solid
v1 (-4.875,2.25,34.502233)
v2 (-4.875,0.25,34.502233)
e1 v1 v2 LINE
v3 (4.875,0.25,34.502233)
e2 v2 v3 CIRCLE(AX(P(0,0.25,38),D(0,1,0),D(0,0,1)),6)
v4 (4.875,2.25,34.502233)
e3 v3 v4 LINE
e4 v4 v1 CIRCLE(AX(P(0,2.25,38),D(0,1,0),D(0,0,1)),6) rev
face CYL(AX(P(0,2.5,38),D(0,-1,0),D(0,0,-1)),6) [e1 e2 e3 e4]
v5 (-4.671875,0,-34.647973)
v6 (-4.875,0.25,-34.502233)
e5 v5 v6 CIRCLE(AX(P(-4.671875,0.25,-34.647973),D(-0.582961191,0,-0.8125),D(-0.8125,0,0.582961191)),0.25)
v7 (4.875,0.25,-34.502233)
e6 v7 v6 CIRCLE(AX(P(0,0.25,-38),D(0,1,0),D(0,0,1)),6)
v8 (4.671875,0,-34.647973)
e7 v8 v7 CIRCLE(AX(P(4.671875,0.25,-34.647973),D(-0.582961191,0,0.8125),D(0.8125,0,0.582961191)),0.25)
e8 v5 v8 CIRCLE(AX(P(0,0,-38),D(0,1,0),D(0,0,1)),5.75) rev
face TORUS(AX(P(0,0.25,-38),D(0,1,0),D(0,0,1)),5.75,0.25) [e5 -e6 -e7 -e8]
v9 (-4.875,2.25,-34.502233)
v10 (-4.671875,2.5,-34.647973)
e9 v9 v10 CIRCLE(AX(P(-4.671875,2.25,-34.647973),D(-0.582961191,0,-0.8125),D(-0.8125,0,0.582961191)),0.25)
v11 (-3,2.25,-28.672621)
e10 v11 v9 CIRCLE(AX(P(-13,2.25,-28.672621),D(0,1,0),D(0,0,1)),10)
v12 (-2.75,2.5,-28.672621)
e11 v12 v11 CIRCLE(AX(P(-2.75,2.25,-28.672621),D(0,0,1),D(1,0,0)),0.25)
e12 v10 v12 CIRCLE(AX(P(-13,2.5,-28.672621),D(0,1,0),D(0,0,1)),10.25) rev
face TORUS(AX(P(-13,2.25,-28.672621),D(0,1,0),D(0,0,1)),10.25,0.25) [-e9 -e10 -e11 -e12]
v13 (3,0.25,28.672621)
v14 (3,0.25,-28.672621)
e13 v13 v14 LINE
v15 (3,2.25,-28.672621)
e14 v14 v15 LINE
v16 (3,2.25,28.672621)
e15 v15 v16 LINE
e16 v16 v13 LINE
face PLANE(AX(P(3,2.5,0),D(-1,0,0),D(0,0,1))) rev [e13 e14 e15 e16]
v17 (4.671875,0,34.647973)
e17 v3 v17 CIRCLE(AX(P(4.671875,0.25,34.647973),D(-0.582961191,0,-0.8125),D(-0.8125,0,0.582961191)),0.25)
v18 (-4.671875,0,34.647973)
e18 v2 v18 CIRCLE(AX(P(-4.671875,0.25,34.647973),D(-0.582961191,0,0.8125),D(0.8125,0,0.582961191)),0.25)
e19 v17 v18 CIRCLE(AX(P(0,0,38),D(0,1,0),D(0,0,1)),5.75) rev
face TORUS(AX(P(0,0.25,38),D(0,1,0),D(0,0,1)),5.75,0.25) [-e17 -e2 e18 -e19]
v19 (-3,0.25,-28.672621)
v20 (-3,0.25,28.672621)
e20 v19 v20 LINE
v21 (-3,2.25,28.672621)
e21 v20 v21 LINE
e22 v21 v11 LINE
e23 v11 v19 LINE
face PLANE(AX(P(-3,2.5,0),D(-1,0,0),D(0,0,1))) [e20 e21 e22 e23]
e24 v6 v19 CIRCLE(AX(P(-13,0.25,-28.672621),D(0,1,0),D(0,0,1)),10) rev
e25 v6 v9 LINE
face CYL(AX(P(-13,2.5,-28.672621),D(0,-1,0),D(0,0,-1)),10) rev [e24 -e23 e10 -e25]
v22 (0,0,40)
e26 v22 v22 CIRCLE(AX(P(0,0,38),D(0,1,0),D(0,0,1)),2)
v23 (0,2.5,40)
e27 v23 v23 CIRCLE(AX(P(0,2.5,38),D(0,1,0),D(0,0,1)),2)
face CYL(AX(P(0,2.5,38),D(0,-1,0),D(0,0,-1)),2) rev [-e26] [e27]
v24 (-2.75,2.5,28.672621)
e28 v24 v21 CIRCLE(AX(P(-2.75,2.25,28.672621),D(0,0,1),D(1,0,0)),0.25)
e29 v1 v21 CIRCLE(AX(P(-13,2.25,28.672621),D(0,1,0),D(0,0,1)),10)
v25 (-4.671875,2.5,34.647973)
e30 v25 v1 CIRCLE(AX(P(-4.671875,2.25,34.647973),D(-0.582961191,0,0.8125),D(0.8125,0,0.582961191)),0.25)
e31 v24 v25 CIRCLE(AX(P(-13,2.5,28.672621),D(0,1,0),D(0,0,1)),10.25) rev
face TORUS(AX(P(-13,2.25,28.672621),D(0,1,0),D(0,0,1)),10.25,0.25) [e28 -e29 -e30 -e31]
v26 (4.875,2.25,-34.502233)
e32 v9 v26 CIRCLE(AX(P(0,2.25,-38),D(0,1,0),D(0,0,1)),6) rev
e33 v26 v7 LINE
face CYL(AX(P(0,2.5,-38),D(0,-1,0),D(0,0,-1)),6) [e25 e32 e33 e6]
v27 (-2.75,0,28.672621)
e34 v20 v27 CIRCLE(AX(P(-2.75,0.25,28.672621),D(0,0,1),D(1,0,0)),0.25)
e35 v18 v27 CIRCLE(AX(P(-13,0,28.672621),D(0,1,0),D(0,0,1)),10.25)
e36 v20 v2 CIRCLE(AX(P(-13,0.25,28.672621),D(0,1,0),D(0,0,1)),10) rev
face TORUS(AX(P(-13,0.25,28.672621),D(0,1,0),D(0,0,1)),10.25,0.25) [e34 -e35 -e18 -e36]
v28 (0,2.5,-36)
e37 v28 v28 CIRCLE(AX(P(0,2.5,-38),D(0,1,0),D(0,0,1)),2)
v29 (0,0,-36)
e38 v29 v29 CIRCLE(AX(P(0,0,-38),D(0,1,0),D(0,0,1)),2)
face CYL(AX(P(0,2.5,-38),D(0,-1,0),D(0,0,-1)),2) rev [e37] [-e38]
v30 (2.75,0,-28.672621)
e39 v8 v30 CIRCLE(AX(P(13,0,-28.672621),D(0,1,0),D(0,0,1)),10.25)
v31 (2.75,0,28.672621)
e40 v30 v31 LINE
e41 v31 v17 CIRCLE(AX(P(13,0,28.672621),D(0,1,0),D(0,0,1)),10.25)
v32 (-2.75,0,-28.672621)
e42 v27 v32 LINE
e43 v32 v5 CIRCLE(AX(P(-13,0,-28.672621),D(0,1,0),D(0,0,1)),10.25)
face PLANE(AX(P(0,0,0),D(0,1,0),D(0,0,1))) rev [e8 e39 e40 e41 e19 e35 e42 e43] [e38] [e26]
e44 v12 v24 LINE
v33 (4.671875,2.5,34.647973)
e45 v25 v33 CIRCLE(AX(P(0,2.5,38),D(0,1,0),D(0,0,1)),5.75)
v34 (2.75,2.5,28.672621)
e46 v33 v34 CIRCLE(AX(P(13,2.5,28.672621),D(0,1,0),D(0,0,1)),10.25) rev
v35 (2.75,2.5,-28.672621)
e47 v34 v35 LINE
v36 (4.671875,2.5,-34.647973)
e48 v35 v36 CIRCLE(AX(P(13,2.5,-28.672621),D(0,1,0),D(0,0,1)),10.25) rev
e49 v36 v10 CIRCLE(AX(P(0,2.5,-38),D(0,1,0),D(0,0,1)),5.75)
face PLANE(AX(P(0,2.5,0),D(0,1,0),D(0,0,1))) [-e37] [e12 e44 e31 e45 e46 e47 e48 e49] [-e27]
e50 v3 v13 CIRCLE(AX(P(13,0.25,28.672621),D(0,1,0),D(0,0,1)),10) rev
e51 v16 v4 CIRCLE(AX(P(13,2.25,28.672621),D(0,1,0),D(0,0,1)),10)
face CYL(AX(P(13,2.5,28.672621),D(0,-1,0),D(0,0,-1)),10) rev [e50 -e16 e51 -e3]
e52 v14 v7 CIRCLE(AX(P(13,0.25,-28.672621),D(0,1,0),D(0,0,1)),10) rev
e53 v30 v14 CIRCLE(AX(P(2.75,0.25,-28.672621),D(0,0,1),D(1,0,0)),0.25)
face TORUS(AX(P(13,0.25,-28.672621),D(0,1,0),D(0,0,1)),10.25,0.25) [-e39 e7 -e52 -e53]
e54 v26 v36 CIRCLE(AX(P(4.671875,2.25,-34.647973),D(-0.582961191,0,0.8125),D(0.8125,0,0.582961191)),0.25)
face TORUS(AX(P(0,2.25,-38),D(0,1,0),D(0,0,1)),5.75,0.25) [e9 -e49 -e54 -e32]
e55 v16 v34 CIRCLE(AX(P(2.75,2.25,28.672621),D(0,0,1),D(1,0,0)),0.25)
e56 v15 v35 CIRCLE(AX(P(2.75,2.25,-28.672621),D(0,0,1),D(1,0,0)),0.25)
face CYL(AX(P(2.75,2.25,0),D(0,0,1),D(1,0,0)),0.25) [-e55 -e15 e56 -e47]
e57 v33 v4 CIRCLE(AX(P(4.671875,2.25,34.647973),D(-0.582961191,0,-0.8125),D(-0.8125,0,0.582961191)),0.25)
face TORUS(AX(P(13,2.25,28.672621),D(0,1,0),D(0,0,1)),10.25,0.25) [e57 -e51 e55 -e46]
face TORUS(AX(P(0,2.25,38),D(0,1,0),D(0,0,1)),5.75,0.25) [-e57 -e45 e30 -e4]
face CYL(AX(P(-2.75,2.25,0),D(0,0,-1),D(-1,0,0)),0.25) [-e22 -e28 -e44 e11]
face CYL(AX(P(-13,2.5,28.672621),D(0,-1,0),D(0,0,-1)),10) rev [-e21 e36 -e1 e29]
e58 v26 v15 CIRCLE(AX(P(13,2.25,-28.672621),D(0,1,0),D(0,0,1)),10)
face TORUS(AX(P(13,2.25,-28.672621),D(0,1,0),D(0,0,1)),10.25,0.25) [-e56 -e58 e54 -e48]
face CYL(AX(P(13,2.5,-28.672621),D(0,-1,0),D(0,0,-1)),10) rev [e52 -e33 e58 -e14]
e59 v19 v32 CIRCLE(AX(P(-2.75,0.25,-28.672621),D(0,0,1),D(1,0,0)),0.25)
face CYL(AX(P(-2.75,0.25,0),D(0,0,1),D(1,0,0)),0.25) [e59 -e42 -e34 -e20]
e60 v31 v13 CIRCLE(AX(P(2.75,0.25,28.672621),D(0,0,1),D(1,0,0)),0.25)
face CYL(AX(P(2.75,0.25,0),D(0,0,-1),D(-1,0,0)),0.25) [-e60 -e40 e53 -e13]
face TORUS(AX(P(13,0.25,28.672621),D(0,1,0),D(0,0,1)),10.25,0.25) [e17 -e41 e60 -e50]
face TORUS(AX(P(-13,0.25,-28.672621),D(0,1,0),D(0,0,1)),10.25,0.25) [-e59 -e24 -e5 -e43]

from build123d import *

# Parameters (mm, degrees)
SKETCH1_R           = 2
BOSS_EXTRUDE1_DEPTH = 2.5
FILLET1_R           = 10
FILLET2_R           = 0.25


with BuildPart() as part:
    # Sketch1 → Boss-Extrude1 (new body)
    with BuildSketch(Plane(origin=(0, 0, 0), x_dir=(1, 0, 0), z_dir=(0, 1, 0))):
        with BuildLine():
            ThreePointArc((-3, -32.803847577), (0, -44), (3, -32.803847577))
            Line((3, -32.803847577), (3, 32.803847577))
            ThreePointArc((3, 32.803847577), (0, 44), (-3, 32.803847577))
            Line((-3, 32.803847577), (-3, -32.803847577))
        make_face()
        with Locations((0, -38)):
            Circle(SKETCH1_R, mode=Mode.SUBTRACT)
        with Locations((0, 38)):
            Circle(SKETCH1_R, mode=Mode.SUBTRACT)
    extrude(amount=BOSS_EXTRUDE1_DEPTH)

    # Fillet1
    fillet1_edges = [part.edges().sort_by_distance(p)[0] for p in [
        (-3, 1.25, 32.803847577),
        (-3, 1.25, -32.803847577),
        (3, 1.25, -32.803847577),
        (3, 1.25, 32.803847577),
    ]]
    fillet(fillet1_edges, radius=FILLET1_R)

    # Fillet2
    fillet2_edges = [part.edges().sort_by_distance(p)[0] for p in [
        (0, 0, 44),
        (0, 2.5, 44),
        (-3, 0, 0),
        (-3, 2.5, 0),
        (0, 0, -44),
        (0, 2.5, -44),
        (3, 0, 0),
        (3, 2.5, 0),
        (-3.480283618, 0, 31.734483125),
        (-3.480283618, 2.5, 31.734483125),
        (-3.480283618, 0, -31.734483125),
        (-3.480283618, 2.5, -31.734483125),
        (3.480283618, 0, -31.734483125),
        (3.480283618, 2.5, -31.734483125),
        (3.480283618, 0, 31.734483125),
        (3.480283618, 2.5, 31.734483125),
    ]]
    fillet(fillet2_edges, radius=FILLET2_R)


solid = part.part
